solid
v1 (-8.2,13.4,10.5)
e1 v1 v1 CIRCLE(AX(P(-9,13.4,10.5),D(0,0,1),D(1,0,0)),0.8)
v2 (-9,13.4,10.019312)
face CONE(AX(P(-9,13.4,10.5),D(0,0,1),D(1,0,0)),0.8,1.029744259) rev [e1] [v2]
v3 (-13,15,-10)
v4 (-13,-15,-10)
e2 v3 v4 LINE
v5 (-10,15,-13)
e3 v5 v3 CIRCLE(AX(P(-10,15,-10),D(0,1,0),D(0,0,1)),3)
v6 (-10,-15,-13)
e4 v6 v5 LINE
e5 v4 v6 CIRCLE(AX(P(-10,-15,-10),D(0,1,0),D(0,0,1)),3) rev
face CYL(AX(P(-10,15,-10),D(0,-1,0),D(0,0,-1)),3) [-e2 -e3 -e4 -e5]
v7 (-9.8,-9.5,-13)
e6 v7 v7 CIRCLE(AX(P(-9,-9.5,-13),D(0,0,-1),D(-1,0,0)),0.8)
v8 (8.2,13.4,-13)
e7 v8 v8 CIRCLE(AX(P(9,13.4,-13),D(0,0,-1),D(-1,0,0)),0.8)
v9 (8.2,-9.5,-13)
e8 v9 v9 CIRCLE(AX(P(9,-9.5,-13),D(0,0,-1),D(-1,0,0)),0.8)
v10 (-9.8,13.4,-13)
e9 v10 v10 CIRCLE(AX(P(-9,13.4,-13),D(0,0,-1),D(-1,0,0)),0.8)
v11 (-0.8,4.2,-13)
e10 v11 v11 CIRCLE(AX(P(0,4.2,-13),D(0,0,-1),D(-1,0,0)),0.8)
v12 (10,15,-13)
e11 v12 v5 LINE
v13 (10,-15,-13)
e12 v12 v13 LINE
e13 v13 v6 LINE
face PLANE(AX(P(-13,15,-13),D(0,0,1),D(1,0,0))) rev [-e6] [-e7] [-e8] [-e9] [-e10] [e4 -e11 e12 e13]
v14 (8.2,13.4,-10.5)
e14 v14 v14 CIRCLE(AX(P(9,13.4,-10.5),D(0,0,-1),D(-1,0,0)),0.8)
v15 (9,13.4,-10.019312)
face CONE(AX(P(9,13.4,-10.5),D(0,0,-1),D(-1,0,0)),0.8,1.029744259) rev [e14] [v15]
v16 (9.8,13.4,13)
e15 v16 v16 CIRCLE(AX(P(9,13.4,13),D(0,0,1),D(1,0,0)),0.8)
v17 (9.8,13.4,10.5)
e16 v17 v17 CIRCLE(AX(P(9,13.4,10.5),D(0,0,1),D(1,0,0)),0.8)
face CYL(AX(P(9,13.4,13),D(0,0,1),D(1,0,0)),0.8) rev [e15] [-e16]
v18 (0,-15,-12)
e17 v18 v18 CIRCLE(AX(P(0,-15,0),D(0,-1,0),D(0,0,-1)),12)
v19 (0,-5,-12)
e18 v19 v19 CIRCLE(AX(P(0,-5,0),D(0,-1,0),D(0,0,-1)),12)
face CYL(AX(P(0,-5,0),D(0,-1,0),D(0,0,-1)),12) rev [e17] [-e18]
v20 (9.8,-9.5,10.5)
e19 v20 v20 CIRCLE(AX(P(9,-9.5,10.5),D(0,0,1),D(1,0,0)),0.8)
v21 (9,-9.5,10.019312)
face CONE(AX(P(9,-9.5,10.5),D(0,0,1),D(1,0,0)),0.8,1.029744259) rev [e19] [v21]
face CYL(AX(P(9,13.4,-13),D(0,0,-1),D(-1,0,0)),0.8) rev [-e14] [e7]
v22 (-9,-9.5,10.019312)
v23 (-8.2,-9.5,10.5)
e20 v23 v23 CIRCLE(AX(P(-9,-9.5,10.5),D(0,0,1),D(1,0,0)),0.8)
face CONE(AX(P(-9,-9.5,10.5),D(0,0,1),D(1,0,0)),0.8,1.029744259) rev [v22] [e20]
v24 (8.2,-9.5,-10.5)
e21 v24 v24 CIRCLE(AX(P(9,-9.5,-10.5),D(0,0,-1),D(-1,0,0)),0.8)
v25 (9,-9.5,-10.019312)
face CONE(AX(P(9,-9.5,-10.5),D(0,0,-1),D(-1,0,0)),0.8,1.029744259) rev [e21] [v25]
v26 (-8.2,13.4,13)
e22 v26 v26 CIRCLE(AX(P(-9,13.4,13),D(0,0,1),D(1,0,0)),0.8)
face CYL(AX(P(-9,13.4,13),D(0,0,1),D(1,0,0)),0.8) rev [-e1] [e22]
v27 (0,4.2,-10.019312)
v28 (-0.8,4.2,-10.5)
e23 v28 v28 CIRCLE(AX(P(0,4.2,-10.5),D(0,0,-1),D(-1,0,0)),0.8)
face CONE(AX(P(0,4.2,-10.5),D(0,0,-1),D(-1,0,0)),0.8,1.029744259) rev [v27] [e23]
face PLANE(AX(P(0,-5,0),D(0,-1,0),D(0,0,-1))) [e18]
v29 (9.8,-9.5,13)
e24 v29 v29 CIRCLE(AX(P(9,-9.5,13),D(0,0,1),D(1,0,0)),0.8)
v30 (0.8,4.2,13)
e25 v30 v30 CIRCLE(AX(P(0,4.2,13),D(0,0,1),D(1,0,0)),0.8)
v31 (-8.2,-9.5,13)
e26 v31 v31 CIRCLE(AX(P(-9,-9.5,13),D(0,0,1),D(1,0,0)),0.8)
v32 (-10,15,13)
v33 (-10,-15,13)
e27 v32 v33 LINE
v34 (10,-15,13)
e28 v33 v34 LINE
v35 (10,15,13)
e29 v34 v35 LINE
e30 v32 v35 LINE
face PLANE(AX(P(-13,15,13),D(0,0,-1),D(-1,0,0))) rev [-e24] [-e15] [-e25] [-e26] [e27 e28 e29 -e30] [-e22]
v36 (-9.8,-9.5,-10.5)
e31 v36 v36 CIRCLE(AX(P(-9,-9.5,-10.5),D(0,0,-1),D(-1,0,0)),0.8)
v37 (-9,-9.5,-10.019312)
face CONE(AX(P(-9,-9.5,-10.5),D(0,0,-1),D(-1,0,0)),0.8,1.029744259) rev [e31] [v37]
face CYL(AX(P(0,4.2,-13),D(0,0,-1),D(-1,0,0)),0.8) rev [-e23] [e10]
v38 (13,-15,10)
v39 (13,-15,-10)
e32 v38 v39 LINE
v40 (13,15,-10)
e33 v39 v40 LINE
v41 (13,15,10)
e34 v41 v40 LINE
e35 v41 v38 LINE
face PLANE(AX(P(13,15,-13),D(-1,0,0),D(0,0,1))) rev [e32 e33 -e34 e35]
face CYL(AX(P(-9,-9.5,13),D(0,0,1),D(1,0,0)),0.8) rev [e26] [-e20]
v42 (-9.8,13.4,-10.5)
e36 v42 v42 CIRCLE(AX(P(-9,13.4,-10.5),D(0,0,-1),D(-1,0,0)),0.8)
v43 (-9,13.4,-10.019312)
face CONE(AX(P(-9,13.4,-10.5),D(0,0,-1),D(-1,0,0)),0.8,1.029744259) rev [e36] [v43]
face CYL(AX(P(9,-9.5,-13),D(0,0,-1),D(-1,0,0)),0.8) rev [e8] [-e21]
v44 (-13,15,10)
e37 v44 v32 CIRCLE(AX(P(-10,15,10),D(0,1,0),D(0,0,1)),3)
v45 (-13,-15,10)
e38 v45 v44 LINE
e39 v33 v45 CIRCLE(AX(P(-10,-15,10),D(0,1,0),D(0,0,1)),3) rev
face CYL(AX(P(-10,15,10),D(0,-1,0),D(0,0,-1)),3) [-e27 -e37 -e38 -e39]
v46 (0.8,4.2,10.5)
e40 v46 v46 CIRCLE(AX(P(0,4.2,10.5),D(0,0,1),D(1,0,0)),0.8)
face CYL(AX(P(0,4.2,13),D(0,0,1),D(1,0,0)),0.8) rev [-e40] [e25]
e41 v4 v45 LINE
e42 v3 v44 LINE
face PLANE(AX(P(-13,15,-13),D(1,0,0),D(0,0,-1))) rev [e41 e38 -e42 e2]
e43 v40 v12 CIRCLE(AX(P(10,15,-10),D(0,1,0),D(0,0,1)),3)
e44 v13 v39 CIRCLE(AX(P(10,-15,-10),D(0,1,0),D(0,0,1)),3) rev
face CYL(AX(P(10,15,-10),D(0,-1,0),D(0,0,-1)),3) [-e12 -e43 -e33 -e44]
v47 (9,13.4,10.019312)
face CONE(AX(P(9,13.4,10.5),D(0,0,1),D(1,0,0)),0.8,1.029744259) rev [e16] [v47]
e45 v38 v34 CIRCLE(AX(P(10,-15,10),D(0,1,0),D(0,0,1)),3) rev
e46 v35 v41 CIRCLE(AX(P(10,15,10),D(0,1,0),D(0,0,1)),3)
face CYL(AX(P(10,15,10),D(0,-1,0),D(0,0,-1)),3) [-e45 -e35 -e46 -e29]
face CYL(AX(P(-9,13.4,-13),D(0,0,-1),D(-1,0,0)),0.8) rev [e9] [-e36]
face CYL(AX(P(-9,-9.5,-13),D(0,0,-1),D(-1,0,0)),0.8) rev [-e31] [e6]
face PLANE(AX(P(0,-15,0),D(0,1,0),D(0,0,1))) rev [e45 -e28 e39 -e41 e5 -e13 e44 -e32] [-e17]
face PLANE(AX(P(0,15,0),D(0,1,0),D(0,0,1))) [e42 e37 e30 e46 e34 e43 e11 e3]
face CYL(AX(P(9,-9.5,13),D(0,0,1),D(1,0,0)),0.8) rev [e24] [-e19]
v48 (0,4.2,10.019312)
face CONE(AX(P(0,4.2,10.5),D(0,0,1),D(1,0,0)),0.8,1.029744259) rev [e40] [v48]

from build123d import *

# Parameters (mm, degrees)
SKETCH1_W                  = 26
SKETCH1_H                  = 26
BOSS_EXTRUDE1_DEPTH        = 15
FILLET1_R                  = 3
SKETCH2_R                  = 12
CUT_EXTRUDE1_DEPTH         = 10
M2_TAPPED_HOLE2_AT_2_COUNT = 2
M2_TAPPED_HOLE2_AT_2_PITCH = 18
M2_TAPPED_HOLE2_AT_3_COUNT = 2
M2_TAPPED_HOLE2_AT_3_PITCH = 12.870120435
M2_TAPPED_HOLE2_AT_4_COUNT = 2
M2_TAPPED_HOLE2_AT_4_PITCH = 22.9
M2_TAPPED_HOLE2_AT_5_COUNT = 2
M2_TAPPED_HOLE2_AT_5_PITCH = 29.127478435


with BuildPart() as part:
    # Sketch1 → Boss-Extrude1 (new, symmetric)
    with BuildSketch(Plane(origin=(0, 0, 0), x_dir=(1, 0, 0), z_dir=(0, 1, 0))):
        Rectangle(SKETCH1_W, SKETCH1_H)
    extrude(amount=BOSS_EXTRUDE1_DEPTH, both=True)

    # Fillet1
    fillet1_edges = [part.edges().sort_by_distance(p)[0] for p in [
        (13, 0, 13),
        (-13, 0, 13),
        (-13, 0, -13),
        (13, 0, -13),
    ]]
    fillet(fillet1_edges, radius=FILLET1_R)

    # Sketch2 → Cut-Extrude1 (cut)
    with BuildSketch(Plane.XZ.offset(15)):
        with Locations(Location((0, 0, 0), (0, 0, 270))):
            Circle(SKETCH2_R)
    extrude(amount=-CUT_EXTRUDE1_DEPTH, mode=Mode.SUBTRACT)

    # Sketch4 → M2 Tapped Hole2 (revolve, cut)
    with BuildSketch(Plane(origin=(-9, 13.4, 13), x_dir=(0, -1, 0), z_dir=(1, 0, 0))):
        Polygon((0, 0), (0, 2.980688495), (0.8, 2.5), (0.8, 0), align=None)
    m2_tapped_hole2 = revolve(axis=Axis((-9, 13.4, 19.35), (0, 0, -1)), mode=Mode.SUBTRACT)

    # M2 Tapped Hole2 at 2: M2 Tapped Hole2 ×2
    with Locations(*[(i * M2_TAPPED_HOLE2_AT_2_PITCH, 0, 0) for i in range(1, M2_TAPPED_HOLE2_AT_2_COUNT)]):
        add(m2_tapped_hole2, mode=Mode.SUBTRACT)

    # M2 Tapped Hole2 at 3: M2 Tapped Hole2 ×2
    with Locations(*[Vector(0.6992941554637311, -0.7148340255851474, 0) * (i * M2_TAPPED_HOLE2_AT_3_PITCH) for i in range(1, M2_TAPPED_HOLE2_AT_3_COUNT)]):
        add(m2_tapped_hole2, mode=Mode.SUBTRACT)

    # M2 Tapped Hole2 at 4: M2 Tapped Hole2 ×2
    with Locations(*[(0, -i * M2_TAPPED_HOLE2_AT_4_PITCH, 0) for i in range(1, M2_TAPPED_HOLE2_AT_4_COUNT)]):
        add(m2_tapped_hole2, mode=Mode.SUBTRACT)

    # M2 Tapped Hole2 at 5: M2 Tapped Hole2 ×2
    with Locations(*[Vector(0.6179731637247914, -0.7861991916276512, 0) * (i * M2_TAPPED_HOLE2_AT_5_PITCH) for i in range(1, M2_TAPPED_HOLE2_AT_5_COUNT)]):
        add(m2_tapped_hole2, mode=Mode.SUBTRACT)

    # Mirror1: M2 Tapped Hole2 across plane
    add(m2_tapped_hole2.mirror(Plane.XY), mode=Mode.SUBTRACT)

    # Mirror1 copy 1 sketch → Mirror1 copy 1 (revolve, cut)
    with BuildSketch(Plane(origin=(9, 13.4, -13), x_dir=(0, -1, 0), z_dir=(1, 0, 0))):
        Polygon((0, 0), (0, -2.980688495), (0.8, -2.5), (0.8, 0), align=None)
    revolve(axis=Axis((9, 13.4, -19.35), (0, 0, -1)), mode=Mode.SUBTRACT)

    # Mirror1 copy 2 sketch → Mirror1 copy 2 (revolve, cut)
    with BuildSketch(Plane(origin=(0, 4.2, -13), x_dir=(0, -1, 0), z_dir=(1, 0, 0))):
        Polygon((0, 0), (0, -2.980688495), (0.8, -2.5), (0.8, 0), align=None)
    revolve(axis=Axis((0, 4.2, -19.35), (0, 0, -1)), mode=Mode.SUBTRACT)

    # Mirror1 copy 3 sketch → Mirror1 copy 3 (revolve, cut)
    with BuildSketch(Plane(origin=(-9, -9.5, -13), x_dir=(0, -1, 0), z_dir=(1, 0, 0))):
        Polygon((0, 0), (0, -2.980688495), (0.8, -2.5), (0.8, 0), align=None)
    revolve(axis=Axis((-9, -9.5, -19.35), (0, 0, -1)), mode=Mode.SUBTRACT)

    # Mirror1 copy 4 sketch → Mirror1 copy 4 (revolve, cut)
    with BuildSketch(Plane(origin=(9, -9.5, -13), x_dir=(0, -1, 0), z_dir=(1, 0, 0))):
        Polygon((0, 0), (0, -2.980688495), (0.8, -2.5), (0.8, 0), align=None)
    revolve(axis=Axis((9, -9.5, -19.35), (0, 0, -1)), mode=Mode.SUBTRACT)


solid = part.part
